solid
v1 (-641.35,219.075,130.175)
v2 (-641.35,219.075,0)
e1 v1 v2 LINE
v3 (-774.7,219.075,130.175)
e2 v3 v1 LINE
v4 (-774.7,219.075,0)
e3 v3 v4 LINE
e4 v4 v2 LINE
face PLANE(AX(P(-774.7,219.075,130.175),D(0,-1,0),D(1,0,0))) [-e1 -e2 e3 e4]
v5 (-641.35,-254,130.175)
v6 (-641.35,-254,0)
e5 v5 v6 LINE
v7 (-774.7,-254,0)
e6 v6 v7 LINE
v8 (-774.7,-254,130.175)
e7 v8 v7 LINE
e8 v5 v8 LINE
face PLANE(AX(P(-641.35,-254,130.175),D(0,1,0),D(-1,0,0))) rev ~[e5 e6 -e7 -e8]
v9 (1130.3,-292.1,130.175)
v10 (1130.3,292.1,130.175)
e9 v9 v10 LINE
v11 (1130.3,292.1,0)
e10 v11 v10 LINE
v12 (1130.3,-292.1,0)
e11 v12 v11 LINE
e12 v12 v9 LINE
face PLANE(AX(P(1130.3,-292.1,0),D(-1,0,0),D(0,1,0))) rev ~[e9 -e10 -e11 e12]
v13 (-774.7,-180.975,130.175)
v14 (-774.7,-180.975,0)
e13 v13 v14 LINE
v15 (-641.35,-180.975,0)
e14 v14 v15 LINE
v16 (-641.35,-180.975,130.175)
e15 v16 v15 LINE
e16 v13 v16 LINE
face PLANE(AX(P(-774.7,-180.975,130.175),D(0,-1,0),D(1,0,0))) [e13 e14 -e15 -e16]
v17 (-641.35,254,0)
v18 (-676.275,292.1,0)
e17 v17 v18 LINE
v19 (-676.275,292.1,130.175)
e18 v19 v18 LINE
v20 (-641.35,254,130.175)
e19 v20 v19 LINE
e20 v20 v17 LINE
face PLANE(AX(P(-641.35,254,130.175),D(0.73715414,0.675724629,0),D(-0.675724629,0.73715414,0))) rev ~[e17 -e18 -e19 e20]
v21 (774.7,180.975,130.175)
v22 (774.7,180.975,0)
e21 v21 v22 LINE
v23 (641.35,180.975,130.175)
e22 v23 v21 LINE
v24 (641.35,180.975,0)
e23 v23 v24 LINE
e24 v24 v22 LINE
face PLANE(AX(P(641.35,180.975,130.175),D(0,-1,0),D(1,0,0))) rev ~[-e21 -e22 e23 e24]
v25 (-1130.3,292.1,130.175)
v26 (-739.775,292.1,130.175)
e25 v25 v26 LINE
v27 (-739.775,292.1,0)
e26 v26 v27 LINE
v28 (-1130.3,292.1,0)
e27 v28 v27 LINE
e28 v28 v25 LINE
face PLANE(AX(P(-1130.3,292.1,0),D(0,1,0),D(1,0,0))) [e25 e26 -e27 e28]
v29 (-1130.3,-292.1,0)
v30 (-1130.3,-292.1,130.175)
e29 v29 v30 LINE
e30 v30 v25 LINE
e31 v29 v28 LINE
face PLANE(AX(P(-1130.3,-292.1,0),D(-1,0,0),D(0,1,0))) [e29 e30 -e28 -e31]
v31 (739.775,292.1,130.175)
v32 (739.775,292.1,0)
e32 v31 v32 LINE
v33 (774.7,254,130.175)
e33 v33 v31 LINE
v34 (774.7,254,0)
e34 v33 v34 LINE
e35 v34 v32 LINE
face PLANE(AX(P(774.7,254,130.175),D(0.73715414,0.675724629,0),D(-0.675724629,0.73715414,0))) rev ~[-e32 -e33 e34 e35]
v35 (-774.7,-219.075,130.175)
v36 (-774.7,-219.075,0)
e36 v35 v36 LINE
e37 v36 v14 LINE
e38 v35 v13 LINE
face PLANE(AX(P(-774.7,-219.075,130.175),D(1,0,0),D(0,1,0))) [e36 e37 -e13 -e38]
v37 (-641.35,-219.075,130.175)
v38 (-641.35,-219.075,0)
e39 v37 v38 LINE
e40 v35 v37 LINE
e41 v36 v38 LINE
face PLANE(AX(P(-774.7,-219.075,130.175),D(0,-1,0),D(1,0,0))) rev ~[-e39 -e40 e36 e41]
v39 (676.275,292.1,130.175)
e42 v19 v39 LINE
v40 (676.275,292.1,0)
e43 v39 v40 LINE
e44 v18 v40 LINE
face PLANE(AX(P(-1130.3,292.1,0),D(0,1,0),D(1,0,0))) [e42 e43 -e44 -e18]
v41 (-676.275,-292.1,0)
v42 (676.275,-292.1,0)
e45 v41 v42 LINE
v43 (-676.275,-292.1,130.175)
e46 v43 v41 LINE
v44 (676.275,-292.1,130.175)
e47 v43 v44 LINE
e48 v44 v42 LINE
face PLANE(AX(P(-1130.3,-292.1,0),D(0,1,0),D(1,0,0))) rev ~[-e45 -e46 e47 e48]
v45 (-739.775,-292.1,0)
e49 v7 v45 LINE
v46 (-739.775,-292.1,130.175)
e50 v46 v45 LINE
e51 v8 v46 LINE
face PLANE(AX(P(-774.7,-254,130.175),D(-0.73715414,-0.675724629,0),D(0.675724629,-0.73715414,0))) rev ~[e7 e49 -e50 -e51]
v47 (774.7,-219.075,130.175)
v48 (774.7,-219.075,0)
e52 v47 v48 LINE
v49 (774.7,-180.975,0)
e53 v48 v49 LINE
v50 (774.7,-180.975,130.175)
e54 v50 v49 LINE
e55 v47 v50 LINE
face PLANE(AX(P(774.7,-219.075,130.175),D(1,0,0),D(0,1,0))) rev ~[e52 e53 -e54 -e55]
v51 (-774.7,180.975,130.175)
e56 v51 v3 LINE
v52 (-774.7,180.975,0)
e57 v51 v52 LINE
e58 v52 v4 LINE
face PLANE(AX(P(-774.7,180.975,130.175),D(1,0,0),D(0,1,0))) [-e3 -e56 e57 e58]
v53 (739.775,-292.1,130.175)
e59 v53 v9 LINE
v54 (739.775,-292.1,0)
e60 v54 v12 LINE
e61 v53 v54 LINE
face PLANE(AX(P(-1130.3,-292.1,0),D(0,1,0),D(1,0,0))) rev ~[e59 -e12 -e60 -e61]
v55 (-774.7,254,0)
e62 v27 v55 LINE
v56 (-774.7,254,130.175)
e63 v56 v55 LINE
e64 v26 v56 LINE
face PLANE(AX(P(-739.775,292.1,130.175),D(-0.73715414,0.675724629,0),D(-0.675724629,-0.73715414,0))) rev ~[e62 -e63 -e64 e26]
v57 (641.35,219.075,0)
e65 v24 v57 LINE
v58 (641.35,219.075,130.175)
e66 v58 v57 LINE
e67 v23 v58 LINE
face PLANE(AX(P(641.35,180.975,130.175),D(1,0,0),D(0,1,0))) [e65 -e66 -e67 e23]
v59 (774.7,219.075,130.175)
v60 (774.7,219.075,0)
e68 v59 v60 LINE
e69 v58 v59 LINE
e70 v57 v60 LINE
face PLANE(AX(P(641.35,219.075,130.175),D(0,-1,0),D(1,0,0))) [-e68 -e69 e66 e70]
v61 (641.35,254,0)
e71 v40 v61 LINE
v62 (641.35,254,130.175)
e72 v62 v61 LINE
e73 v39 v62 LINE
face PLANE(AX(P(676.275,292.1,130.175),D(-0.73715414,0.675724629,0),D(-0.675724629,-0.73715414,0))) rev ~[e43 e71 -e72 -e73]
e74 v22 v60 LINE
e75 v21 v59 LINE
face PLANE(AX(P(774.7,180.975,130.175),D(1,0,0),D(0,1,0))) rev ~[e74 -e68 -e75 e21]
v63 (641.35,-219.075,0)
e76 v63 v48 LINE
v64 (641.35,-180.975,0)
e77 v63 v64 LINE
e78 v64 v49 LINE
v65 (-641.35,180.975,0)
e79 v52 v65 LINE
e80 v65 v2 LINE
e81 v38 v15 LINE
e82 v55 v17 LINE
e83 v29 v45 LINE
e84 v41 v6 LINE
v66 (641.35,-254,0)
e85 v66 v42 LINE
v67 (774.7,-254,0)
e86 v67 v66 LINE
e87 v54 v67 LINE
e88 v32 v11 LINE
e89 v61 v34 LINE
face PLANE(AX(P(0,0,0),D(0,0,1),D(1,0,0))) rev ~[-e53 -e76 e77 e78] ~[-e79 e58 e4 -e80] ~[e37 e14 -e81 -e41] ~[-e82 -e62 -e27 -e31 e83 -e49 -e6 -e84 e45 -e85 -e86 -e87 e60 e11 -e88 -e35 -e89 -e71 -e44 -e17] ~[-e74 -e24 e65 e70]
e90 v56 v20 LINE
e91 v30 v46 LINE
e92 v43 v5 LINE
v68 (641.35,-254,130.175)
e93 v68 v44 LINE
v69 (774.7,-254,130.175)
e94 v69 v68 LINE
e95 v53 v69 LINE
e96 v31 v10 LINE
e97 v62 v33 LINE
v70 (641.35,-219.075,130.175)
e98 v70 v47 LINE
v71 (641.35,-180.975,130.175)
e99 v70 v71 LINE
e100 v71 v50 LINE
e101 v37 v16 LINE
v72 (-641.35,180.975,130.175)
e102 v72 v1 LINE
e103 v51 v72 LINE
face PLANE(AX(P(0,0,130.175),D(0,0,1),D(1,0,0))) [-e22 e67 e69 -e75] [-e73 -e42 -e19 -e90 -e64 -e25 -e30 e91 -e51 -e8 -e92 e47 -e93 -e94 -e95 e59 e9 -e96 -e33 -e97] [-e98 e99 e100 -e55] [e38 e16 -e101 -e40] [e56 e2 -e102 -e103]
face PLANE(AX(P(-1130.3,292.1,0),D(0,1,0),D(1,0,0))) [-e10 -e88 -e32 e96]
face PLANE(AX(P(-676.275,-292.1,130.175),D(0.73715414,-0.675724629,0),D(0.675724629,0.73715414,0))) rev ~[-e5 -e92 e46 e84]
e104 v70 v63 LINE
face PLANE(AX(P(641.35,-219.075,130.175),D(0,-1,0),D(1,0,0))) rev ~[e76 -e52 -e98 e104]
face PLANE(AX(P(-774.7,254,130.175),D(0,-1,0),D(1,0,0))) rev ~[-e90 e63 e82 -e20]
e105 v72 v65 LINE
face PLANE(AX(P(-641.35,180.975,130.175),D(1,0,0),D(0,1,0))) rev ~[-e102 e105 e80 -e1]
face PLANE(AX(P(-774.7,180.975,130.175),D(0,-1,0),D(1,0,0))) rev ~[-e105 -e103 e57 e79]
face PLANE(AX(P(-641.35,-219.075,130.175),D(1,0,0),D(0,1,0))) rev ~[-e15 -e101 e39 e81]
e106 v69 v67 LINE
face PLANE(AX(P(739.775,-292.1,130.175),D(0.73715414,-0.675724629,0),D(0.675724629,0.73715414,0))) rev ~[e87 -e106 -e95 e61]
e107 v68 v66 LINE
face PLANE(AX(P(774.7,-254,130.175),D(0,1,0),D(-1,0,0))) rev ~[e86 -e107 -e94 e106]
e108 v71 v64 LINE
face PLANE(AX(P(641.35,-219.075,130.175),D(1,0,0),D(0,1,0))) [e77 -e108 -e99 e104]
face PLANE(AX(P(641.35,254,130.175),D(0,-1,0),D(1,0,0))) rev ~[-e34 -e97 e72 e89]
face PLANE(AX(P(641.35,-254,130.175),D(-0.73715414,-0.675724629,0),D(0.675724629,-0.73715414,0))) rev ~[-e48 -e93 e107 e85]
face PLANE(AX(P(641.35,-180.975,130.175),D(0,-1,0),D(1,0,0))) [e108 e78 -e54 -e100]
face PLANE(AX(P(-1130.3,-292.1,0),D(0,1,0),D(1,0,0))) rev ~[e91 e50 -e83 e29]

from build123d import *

# Parameters (mm, degrees)
F0_W     = 2260.6
F0_H     = 584.2
F1_DEPTH = 130.175
F2_W     = 133.35
F2_H     = 38.1
F3_DEPTH = 130.175


with BuildPart() as f1:
    # F0 (on Top) → F1 (new body)
    with BuildSketch(Plane.XY):
        Rectangle(F0_W, F0_H)
    extrude(amount=F1_DEPTH)

    # F2 (on face) → F3 (cut)
    with BuildSketch(Plane.XY.offset(130.175)):
        with Locations((-708.025, -200.025)):
            Rectangle(F2_W, F2_H)
        Polygon((-676.275, -292.1), (-641.35, -254), (-774.7, -254), (-739.775, -292.1), align=None)
        with Locations((708.025, -200.025)):
            Rectangle(F2_W, F2_H)
        Polygon((739.775, -292.1), (774.7, -254), (641.35, -254), (676.275, -292.1), align=None)
        with Locations((-708.025, 200.025)):
            Rectangle(F2_W, F2_H)
        Polygon((-739.775, 292.1), (-774.7, 254), (-641.35, 254), (-676.275, 292.1), align=None)
        with Locations((708.025, 200.025)):
            Rectangle(F2_W, F2_H)
        Polygon((676.275, 292.1), (641.35, 254), (774.7, 254), (739.775, 292.1), align=None)
    extrude(amount=-F3_DEPTH, mode=Mode.SUBTRACT)


solid = f1.part
